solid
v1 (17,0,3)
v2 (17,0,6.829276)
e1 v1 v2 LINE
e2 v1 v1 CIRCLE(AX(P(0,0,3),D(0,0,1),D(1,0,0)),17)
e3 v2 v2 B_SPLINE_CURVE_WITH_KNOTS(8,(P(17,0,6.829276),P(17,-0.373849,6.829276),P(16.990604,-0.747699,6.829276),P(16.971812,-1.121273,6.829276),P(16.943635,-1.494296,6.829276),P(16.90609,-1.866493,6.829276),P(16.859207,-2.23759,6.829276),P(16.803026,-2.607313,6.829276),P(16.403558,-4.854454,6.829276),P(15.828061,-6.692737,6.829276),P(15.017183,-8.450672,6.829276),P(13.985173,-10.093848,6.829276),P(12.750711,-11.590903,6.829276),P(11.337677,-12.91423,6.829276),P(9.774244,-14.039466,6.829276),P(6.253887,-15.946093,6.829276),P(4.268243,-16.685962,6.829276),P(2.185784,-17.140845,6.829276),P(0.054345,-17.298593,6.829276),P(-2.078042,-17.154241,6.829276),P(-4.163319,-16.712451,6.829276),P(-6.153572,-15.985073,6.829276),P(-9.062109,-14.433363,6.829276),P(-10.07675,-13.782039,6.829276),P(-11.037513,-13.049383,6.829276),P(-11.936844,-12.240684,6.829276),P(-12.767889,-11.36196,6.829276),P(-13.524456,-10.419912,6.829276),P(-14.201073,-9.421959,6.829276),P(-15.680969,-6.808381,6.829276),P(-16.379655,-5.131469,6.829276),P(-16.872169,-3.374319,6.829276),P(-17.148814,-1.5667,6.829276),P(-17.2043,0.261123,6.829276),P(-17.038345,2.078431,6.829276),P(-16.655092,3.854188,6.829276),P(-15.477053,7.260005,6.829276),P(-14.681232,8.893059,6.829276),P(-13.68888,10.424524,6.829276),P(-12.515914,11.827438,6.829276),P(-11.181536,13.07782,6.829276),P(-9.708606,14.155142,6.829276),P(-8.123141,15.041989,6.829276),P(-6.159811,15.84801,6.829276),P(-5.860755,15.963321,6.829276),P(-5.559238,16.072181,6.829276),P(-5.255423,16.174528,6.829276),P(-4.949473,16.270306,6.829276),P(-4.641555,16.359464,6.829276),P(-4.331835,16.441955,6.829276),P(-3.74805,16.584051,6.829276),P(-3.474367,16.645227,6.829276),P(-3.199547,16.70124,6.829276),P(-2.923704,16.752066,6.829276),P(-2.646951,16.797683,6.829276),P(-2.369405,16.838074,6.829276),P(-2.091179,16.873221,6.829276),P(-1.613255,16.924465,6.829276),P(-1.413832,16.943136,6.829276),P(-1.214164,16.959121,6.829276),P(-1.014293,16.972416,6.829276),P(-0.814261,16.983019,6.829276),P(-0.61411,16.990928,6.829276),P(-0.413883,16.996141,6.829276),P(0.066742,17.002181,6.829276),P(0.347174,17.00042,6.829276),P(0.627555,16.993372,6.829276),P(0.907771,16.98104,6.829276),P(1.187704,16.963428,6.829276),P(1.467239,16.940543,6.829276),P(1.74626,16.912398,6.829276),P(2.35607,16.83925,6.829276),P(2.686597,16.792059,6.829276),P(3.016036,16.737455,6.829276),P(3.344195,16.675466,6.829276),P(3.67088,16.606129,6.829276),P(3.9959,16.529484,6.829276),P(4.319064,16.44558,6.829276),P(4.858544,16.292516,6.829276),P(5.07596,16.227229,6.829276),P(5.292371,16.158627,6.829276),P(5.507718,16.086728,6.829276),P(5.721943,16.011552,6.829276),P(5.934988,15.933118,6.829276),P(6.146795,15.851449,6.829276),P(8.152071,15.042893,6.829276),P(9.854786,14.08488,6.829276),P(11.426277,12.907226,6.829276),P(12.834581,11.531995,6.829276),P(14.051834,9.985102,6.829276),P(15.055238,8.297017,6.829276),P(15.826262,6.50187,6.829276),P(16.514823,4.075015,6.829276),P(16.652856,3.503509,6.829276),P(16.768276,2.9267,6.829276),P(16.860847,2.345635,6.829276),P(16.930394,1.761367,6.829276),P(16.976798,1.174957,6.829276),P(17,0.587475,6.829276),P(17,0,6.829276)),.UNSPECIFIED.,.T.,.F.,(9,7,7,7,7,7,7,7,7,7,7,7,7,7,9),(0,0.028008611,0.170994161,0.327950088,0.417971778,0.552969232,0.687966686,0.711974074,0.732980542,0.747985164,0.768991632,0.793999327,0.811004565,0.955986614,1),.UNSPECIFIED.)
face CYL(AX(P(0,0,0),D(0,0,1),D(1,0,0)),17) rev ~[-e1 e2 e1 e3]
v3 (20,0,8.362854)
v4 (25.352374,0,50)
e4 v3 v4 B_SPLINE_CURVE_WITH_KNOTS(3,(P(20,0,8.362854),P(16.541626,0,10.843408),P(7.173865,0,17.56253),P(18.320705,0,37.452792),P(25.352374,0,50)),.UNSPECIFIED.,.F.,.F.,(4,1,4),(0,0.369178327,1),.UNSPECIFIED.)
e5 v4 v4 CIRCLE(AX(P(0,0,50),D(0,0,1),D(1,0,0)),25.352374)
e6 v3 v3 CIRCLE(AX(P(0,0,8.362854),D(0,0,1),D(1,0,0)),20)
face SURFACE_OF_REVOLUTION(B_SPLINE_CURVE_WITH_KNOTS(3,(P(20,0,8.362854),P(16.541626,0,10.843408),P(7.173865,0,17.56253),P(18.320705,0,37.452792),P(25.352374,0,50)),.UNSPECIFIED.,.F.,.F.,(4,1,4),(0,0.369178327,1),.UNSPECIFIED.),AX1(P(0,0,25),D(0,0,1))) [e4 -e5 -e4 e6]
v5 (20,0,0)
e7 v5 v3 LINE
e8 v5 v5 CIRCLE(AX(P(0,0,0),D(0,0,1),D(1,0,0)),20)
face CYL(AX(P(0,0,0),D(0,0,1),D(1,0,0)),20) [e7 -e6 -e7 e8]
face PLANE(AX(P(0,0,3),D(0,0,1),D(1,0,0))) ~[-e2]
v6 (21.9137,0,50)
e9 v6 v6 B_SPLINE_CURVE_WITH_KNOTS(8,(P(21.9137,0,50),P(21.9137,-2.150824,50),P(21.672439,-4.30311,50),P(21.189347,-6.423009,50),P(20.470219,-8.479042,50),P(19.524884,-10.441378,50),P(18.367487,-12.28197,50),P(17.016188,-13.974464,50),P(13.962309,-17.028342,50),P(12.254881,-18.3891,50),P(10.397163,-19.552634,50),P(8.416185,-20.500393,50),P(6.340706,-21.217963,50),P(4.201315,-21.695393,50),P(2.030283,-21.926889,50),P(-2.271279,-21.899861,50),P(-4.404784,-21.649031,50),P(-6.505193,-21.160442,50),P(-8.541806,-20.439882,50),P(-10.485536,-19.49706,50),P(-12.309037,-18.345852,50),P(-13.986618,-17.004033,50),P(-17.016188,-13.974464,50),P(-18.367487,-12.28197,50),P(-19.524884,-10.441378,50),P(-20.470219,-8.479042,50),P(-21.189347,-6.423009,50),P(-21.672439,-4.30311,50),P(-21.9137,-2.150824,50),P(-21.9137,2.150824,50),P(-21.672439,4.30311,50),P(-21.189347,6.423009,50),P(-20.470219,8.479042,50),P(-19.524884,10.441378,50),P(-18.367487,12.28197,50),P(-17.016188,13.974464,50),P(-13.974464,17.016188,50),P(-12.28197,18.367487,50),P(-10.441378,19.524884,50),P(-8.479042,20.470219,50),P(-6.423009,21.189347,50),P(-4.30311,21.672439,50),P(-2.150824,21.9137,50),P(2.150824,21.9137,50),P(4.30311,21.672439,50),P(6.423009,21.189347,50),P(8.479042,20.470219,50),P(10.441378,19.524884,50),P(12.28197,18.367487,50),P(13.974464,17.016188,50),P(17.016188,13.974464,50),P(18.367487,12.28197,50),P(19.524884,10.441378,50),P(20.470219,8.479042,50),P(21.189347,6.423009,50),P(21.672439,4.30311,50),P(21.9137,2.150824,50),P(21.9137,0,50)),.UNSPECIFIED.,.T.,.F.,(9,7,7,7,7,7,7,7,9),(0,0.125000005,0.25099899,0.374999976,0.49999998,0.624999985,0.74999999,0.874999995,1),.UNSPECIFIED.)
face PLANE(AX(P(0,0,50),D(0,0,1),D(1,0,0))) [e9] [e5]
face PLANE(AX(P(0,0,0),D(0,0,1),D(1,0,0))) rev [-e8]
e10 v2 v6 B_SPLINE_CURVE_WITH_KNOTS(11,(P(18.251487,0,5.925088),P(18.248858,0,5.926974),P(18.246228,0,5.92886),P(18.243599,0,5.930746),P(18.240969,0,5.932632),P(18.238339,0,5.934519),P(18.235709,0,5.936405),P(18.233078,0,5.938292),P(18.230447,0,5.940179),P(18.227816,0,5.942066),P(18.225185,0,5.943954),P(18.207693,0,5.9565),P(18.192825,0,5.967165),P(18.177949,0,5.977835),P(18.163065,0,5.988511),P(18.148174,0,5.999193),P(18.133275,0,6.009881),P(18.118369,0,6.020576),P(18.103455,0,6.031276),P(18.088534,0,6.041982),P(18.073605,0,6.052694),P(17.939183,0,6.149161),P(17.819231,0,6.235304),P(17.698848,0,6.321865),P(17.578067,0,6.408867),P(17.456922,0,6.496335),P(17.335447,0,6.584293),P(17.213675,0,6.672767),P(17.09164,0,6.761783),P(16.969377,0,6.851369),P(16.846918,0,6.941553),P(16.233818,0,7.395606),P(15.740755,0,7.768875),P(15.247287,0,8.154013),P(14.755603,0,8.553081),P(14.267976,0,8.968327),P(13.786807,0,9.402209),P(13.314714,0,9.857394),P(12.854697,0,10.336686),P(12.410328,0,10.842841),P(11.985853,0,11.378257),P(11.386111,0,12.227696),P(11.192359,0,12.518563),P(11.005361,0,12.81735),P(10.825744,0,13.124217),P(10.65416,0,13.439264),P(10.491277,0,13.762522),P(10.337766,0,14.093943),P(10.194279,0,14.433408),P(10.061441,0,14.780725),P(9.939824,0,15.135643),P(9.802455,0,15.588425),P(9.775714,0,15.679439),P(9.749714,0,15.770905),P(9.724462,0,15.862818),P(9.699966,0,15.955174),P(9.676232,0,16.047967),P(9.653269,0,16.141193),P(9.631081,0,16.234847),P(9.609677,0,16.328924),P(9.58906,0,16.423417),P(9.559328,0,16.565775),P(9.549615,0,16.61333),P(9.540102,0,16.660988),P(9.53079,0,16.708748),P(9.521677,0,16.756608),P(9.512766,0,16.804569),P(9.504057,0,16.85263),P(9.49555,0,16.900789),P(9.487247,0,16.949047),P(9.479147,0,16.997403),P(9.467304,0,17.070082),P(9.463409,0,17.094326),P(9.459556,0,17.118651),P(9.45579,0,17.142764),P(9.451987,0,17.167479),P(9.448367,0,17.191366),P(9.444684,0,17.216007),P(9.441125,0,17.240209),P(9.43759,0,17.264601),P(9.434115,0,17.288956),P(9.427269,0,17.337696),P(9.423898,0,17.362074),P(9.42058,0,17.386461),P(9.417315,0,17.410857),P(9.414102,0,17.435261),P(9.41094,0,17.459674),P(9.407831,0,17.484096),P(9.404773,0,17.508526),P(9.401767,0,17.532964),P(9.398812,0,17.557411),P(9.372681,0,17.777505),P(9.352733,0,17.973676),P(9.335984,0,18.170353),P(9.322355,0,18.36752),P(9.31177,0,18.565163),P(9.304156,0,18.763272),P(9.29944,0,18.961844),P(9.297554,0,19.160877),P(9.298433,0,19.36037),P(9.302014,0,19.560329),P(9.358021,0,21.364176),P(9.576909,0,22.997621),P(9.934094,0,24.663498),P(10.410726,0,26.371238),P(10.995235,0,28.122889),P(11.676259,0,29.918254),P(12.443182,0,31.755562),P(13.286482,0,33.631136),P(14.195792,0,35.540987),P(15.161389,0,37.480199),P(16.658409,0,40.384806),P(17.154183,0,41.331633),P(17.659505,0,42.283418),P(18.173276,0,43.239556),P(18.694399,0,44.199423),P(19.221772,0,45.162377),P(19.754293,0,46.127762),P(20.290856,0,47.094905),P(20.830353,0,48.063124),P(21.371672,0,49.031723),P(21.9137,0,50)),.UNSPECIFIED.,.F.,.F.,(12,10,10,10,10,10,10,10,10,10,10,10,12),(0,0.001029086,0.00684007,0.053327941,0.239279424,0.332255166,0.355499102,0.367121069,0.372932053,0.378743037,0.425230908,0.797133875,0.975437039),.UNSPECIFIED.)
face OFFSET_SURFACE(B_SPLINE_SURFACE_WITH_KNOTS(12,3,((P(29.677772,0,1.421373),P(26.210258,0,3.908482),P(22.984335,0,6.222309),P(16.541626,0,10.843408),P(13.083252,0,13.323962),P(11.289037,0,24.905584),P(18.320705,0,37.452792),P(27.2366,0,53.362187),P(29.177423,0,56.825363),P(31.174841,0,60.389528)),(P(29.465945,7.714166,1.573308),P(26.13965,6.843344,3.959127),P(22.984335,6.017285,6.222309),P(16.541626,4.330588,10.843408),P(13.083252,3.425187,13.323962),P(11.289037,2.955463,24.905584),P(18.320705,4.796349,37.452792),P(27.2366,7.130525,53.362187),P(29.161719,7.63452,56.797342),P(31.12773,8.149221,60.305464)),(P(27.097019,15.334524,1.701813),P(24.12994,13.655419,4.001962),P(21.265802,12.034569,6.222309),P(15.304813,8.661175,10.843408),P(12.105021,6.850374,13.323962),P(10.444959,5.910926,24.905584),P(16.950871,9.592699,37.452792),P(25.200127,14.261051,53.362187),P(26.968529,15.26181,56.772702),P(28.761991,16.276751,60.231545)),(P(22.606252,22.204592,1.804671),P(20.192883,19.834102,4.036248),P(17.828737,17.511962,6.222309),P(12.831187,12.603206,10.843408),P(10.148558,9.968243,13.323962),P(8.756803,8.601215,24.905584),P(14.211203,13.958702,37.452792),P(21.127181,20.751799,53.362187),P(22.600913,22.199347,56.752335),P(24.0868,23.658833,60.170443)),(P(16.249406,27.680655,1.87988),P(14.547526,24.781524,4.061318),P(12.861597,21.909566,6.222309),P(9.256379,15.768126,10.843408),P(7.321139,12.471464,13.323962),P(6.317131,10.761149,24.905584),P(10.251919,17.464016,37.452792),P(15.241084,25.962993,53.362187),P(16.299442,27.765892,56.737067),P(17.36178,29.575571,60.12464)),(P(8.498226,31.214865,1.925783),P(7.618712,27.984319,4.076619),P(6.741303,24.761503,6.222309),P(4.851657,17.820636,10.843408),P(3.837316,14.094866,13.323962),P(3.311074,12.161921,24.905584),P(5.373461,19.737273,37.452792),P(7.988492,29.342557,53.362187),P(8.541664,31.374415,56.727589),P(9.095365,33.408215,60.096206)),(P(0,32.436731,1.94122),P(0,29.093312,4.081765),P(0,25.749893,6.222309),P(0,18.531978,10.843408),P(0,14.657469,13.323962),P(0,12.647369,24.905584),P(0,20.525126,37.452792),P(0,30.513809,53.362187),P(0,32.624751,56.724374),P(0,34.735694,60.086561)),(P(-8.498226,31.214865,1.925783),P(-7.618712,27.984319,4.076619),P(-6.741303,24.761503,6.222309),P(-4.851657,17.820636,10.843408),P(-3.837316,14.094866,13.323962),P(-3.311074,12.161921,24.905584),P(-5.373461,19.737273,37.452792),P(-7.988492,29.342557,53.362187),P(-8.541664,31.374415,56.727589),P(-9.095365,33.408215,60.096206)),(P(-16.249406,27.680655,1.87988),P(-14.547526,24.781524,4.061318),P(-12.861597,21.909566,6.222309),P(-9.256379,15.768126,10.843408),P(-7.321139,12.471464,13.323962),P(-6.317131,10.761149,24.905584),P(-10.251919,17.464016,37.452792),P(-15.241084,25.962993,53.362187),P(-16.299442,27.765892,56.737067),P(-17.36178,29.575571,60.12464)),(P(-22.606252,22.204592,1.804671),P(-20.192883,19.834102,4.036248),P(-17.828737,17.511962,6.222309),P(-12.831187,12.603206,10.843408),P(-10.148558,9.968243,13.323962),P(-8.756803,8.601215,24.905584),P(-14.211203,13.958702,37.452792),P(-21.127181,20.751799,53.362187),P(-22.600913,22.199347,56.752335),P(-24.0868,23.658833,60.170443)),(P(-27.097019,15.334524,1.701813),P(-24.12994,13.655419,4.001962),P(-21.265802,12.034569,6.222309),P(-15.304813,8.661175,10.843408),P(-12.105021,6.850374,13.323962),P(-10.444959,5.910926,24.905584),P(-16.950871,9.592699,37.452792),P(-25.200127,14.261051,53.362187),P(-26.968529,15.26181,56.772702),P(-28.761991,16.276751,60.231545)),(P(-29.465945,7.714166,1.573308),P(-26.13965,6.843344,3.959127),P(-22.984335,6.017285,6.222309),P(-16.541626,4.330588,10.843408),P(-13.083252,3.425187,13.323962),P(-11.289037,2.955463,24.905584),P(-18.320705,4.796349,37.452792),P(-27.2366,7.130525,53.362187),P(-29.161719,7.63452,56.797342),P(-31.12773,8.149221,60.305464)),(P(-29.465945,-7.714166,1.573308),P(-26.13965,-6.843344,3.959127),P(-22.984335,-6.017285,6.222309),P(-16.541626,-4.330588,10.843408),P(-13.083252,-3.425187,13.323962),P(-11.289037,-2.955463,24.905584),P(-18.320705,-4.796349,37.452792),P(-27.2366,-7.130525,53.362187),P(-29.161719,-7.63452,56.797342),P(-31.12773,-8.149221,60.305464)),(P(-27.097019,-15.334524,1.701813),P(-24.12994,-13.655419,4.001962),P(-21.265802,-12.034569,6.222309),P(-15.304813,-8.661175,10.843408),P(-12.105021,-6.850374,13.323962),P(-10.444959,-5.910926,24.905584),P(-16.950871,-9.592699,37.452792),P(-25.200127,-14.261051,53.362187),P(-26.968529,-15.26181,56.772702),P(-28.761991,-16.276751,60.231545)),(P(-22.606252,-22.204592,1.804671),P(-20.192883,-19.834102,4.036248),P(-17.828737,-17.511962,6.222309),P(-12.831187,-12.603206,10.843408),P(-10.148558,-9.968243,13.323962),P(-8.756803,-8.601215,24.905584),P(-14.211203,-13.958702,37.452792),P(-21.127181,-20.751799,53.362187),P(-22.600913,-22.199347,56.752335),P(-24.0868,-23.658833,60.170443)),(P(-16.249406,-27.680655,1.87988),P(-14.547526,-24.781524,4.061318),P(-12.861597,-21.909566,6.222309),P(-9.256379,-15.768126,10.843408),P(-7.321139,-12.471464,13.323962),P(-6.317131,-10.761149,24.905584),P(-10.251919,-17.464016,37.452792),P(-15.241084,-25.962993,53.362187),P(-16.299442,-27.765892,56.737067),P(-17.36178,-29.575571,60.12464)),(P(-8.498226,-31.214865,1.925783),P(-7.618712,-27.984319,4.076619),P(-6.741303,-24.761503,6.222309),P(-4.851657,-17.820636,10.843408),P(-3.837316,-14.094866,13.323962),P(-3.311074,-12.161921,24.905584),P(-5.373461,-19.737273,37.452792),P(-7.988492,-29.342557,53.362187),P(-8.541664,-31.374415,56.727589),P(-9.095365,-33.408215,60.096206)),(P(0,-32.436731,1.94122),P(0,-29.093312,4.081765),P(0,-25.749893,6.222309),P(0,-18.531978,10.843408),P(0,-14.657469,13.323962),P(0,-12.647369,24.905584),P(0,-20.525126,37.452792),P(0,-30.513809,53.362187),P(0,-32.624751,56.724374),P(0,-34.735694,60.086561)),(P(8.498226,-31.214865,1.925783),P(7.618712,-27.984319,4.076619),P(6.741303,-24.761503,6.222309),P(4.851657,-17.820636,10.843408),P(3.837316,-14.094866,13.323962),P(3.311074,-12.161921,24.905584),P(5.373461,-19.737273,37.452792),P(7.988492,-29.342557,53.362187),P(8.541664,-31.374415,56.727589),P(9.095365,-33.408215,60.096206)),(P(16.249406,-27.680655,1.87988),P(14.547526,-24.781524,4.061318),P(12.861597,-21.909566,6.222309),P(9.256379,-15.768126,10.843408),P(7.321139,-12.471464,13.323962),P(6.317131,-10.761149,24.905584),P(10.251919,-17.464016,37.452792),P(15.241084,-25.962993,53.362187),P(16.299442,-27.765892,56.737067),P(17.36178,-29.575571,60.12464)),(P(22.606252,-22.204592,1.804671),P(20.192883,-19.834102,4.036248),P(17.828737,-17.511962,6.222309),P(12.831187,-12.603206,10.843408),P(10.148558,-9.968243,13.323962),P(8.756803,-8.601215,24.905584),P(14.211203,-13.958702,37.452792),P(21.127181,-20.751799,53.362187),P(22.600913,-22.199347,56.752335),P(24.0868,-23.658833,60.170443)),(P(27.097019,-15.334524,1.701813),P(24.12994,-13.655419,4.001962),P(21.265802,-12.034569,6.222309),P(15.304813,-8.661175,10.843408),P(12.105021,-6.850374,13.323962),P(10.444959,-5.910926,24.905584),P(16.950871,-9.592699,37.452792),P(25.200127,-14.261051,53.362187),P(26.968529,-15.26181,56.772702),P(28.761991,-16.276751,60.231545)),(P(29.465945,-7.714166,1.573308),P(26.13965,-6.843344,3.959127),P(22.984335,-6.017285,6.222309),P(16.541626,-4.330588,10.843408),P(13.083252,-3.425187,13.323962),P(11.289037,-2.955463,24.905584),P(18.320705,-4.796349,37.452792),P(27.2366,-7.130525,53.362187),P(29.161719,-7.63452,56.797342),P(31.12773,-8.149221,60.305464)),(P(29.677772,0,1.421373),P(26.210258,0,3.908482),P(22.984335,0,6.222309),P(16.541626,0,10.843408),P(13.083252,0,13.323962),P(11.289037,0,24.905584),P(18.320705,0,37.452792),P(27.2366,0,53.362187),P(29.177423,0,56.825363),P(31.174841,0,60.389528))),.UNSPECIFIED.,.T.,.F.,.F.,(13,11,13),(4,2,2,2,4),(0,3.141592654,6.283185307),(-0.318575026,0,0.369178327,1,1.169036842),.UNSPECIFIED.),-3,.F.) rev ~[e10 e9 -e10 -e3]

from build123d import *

# Parameters (mm, degrees)
F2_T = -3


with BuildPart() as f1:
    # F0 (on Front) → F1 (revolve)
    with BuildSketch(Plane.XZ):
        with BuildLine():
            Line((0, 50), (0, 0))
            Line((0, 0), (20, 0))
            Line((20, 0), (20, 8.3628538996))
            add(Edge.make_bspline(
                [(20, 8.3628538996), (16.5416258814, 10.8434081507), (7.1738654735, 17.5625302315), (18.3207054688, 37.4527918786), (25.3523737192, 50)],
                knots=[0, 0, 0, 0, 0.3691783274, 1, 1, 1, 1], degree=3))
            Line((25.3523737192, 50), (0, 50))
        make_face()
    revolve(axis=Axis((0, 0, 25), (0, 0, 1)))

    # F2
    f2_openings = [f1.faces().sort_by_distance(p)[0] for p in [
        (0, 0, 50),
    ]]
    offset(amount=F2_T, openings=f2_openings)


solid = f1.part
